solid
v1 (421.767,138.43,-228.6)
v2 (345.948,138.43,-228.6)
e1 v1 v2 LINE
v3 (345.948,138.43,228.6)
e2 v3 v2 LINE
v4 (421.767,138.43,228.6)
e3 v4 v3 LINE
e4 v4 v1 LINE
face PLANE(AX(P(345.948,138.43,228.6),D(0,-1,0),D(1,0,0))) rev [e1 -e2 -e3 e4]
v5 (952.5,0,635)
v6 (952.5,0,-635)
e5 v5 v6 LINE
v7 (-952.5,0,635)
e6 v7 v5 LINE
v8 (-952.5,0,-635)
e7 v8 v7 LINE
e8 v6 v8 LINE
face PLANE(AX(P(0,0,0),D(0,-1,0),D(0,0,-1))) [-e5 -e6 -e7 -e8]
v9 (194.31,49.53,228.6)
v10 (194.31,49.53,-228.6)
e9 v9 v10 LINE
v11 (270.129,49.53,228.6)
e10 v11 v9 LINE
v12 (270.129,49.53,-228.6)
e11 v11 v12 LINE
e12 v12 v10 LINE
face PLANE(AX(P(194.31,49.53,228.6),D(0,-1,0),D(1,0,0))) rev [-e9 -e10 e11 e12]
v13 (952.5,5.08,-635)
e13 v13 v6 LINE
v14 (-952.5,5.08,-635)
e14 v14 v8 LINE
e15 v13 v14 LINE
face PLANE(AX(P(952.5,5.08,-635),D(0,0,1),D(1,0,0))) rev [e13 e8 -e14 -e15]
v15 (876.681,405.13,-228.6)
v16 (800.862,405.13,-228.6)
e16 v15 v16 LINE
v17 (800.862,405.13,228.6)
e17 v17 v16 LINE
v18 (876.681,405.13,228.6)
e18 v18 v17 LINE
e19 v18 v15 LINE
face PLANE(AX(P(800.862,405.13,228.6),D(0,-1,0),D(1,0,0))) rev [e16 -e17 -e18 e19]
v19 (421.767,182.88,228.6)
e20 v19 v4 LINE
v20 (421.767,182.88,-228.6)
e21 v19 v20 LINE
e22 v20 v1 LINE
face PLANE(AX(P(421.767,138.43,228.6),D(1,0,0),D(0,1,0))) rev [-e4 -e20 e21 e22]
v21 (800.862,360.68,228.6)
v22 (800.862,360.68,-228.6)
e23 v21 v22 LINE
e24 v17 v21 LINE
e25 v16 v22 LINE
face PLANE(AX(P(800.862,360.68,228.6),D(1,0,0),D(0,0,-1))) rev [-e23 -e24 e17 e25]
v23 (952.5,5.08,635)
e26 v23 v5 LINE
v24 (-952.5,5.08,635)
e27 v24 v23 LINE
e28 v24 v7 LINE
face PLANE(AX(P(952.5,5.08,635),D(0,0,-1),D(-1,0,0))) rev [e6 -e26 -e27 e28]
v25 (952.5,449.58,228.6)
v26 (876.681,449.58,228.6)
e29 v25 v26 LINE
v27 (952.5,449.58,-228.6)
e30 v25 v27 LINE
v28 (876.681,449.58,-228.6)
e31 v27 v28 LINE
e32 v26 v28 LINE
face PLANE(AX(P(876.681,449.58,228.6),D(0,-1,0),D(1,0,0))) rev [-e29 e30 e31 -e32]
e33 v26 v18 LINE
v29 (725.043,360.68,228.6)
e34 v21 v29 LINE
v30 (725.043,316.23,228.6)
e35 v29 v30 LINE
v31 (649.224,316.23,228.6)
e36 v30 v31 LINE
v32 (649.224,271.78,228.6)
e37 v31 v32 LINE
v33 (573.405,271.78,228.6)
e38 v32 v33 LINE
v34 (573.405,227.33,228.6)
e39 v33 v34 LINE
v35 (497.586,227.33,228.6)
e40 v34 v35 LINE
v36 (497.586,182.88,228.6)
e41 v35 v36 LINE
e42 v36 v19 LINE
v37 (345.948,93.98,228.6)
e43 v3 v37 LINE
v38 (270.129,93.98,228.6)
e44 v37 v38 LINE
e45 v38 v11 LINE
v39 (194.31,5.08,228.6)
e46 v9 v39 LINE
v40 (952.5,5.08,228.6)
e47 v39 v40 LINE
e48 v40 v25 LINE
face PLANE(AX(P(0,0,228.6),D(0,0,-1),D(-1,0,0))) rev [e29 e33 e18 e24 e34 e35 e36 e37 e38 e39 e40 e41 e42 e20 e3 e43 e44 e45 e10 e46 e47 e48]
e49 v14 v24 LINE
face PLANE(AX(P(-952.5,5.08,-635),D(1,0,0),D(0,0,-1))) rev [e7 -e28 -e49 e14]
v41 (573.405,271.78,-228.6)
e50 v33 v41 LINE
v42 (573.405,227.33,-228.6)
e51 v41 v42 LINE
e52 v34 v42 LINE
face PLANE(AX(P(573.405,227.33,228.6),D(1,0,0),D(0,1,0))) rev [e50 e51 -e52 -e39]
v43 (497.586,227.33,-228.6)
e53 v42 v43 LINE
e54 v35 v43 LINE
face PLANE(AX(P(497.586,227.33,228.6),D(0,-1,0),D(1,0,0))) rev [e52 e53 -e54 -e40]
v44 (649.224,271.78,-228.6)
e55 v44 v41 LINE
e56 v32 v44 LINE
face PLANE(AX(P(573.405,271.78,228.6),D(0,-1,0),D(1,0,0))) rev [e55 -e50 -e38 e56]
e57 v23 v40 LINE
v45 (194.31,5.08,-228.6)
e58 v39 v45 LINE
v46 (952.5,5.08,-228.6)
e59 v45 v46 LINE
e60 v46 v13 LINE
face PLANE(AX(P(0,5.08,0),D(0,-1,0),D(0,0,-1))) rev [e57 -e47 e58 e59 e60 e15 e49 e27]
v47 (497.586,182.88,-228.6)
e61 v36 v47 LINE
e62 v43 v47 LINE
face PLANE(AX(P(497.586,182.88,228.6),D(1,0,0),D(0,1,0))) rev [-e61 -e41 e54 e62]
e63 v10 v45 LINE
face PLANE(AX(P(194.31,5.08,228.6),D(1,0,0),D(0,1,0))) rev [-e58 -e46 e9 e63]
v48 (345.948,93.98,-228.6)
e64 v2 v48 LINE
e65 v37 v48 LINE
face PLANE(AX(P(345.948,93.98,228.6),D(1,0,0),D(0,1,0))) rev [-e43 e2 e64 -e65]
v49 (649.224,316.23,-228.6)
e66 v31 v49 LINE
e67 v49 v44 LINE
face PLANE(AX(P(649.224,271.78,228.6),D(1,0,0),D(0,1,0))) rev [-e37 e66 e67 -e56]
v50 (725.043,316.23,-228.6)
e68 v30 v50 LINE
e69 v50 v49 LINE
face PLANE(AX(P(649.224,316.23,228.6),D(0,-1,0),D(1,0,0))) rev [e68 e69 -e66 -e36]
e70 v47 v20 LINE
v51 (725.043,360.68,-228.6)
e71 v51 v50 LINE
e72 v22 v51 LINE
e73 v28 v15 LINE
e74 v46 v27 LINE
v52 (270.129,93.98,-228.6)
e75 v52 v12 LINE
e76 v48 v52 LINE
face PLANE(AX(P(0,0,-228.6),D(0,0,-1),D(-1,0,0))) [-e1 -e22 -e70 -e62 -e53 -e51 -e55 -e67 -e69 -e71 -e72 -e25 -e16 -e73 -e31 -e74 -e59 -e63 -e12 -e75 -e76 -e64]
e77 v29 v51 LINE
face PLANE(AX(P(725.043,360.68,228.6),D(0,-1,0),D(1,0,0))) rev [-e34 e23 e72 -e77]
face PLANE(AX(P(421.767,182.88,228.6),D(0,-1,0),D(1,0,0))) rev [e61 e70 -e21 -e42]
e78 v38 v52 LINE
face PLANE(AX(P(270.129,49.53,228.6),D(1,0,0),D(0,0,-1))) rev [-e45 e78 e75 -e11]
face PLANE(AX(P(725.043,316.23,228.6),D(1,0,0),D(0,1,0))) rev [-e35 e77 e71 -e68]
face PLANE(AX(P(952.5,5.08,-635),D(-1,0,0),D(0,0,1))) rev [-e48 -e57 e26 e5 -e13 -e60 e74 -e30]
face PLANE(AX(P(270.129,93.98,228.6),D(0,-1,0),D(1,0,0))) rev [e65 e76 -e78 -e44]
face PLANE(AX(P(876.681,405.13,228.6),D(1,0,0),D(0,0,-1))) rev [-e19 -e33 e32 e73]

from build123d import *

# Parameters (mm, degrees)
SKETCH1_W           = 1905
SKETCH1_H           = 1270
BOSS_EXTRUDE1_DEPTH = 5.08
BOSS_EXTRUDE2_DEPTH = 228.6


with BuildPart() as part:
    # Sketch1 → Boss-Extrude1 (new body)
    with BuildSketch(Plane(origin=(0, 0, 0), x_dir=(1, 0, 0), z_dir=(0, 1, 0))):
        Rectangle(SKETCH1_W, SKETCH1_H)
    extrude(amount=BOSS_EXTRUDE1_DEPTH)

    # Sketch2 → Boss-Extrude2 (add, symmetric)
    with BuildSketch(Plane.XY):
        Polygon((194.31, 5.08), (194.31, 49.53), (270.129, 49.53), (270.129, 93.98), (345.948, 93.98), (345.948, 138.43), (421.767, 138.43), (421.767, 182.88), (497.586, 182.88), (497.586, 227.33), (573.405, 227.33), (573.405, 271.78), (649.224, 271.78), (649.224, 316.23), (725.043, 316.23), (725.043, 360.68), (800.862, 360.68), (800.862, 405.13), (876.681, 405.13), (876.681, 449.58), (952.5, 449.58), (952.5, 5.08), align=None)
    extrude(amount=BOSS_EXTRUDE2_DEPTH, both=True)


solid = part.part
